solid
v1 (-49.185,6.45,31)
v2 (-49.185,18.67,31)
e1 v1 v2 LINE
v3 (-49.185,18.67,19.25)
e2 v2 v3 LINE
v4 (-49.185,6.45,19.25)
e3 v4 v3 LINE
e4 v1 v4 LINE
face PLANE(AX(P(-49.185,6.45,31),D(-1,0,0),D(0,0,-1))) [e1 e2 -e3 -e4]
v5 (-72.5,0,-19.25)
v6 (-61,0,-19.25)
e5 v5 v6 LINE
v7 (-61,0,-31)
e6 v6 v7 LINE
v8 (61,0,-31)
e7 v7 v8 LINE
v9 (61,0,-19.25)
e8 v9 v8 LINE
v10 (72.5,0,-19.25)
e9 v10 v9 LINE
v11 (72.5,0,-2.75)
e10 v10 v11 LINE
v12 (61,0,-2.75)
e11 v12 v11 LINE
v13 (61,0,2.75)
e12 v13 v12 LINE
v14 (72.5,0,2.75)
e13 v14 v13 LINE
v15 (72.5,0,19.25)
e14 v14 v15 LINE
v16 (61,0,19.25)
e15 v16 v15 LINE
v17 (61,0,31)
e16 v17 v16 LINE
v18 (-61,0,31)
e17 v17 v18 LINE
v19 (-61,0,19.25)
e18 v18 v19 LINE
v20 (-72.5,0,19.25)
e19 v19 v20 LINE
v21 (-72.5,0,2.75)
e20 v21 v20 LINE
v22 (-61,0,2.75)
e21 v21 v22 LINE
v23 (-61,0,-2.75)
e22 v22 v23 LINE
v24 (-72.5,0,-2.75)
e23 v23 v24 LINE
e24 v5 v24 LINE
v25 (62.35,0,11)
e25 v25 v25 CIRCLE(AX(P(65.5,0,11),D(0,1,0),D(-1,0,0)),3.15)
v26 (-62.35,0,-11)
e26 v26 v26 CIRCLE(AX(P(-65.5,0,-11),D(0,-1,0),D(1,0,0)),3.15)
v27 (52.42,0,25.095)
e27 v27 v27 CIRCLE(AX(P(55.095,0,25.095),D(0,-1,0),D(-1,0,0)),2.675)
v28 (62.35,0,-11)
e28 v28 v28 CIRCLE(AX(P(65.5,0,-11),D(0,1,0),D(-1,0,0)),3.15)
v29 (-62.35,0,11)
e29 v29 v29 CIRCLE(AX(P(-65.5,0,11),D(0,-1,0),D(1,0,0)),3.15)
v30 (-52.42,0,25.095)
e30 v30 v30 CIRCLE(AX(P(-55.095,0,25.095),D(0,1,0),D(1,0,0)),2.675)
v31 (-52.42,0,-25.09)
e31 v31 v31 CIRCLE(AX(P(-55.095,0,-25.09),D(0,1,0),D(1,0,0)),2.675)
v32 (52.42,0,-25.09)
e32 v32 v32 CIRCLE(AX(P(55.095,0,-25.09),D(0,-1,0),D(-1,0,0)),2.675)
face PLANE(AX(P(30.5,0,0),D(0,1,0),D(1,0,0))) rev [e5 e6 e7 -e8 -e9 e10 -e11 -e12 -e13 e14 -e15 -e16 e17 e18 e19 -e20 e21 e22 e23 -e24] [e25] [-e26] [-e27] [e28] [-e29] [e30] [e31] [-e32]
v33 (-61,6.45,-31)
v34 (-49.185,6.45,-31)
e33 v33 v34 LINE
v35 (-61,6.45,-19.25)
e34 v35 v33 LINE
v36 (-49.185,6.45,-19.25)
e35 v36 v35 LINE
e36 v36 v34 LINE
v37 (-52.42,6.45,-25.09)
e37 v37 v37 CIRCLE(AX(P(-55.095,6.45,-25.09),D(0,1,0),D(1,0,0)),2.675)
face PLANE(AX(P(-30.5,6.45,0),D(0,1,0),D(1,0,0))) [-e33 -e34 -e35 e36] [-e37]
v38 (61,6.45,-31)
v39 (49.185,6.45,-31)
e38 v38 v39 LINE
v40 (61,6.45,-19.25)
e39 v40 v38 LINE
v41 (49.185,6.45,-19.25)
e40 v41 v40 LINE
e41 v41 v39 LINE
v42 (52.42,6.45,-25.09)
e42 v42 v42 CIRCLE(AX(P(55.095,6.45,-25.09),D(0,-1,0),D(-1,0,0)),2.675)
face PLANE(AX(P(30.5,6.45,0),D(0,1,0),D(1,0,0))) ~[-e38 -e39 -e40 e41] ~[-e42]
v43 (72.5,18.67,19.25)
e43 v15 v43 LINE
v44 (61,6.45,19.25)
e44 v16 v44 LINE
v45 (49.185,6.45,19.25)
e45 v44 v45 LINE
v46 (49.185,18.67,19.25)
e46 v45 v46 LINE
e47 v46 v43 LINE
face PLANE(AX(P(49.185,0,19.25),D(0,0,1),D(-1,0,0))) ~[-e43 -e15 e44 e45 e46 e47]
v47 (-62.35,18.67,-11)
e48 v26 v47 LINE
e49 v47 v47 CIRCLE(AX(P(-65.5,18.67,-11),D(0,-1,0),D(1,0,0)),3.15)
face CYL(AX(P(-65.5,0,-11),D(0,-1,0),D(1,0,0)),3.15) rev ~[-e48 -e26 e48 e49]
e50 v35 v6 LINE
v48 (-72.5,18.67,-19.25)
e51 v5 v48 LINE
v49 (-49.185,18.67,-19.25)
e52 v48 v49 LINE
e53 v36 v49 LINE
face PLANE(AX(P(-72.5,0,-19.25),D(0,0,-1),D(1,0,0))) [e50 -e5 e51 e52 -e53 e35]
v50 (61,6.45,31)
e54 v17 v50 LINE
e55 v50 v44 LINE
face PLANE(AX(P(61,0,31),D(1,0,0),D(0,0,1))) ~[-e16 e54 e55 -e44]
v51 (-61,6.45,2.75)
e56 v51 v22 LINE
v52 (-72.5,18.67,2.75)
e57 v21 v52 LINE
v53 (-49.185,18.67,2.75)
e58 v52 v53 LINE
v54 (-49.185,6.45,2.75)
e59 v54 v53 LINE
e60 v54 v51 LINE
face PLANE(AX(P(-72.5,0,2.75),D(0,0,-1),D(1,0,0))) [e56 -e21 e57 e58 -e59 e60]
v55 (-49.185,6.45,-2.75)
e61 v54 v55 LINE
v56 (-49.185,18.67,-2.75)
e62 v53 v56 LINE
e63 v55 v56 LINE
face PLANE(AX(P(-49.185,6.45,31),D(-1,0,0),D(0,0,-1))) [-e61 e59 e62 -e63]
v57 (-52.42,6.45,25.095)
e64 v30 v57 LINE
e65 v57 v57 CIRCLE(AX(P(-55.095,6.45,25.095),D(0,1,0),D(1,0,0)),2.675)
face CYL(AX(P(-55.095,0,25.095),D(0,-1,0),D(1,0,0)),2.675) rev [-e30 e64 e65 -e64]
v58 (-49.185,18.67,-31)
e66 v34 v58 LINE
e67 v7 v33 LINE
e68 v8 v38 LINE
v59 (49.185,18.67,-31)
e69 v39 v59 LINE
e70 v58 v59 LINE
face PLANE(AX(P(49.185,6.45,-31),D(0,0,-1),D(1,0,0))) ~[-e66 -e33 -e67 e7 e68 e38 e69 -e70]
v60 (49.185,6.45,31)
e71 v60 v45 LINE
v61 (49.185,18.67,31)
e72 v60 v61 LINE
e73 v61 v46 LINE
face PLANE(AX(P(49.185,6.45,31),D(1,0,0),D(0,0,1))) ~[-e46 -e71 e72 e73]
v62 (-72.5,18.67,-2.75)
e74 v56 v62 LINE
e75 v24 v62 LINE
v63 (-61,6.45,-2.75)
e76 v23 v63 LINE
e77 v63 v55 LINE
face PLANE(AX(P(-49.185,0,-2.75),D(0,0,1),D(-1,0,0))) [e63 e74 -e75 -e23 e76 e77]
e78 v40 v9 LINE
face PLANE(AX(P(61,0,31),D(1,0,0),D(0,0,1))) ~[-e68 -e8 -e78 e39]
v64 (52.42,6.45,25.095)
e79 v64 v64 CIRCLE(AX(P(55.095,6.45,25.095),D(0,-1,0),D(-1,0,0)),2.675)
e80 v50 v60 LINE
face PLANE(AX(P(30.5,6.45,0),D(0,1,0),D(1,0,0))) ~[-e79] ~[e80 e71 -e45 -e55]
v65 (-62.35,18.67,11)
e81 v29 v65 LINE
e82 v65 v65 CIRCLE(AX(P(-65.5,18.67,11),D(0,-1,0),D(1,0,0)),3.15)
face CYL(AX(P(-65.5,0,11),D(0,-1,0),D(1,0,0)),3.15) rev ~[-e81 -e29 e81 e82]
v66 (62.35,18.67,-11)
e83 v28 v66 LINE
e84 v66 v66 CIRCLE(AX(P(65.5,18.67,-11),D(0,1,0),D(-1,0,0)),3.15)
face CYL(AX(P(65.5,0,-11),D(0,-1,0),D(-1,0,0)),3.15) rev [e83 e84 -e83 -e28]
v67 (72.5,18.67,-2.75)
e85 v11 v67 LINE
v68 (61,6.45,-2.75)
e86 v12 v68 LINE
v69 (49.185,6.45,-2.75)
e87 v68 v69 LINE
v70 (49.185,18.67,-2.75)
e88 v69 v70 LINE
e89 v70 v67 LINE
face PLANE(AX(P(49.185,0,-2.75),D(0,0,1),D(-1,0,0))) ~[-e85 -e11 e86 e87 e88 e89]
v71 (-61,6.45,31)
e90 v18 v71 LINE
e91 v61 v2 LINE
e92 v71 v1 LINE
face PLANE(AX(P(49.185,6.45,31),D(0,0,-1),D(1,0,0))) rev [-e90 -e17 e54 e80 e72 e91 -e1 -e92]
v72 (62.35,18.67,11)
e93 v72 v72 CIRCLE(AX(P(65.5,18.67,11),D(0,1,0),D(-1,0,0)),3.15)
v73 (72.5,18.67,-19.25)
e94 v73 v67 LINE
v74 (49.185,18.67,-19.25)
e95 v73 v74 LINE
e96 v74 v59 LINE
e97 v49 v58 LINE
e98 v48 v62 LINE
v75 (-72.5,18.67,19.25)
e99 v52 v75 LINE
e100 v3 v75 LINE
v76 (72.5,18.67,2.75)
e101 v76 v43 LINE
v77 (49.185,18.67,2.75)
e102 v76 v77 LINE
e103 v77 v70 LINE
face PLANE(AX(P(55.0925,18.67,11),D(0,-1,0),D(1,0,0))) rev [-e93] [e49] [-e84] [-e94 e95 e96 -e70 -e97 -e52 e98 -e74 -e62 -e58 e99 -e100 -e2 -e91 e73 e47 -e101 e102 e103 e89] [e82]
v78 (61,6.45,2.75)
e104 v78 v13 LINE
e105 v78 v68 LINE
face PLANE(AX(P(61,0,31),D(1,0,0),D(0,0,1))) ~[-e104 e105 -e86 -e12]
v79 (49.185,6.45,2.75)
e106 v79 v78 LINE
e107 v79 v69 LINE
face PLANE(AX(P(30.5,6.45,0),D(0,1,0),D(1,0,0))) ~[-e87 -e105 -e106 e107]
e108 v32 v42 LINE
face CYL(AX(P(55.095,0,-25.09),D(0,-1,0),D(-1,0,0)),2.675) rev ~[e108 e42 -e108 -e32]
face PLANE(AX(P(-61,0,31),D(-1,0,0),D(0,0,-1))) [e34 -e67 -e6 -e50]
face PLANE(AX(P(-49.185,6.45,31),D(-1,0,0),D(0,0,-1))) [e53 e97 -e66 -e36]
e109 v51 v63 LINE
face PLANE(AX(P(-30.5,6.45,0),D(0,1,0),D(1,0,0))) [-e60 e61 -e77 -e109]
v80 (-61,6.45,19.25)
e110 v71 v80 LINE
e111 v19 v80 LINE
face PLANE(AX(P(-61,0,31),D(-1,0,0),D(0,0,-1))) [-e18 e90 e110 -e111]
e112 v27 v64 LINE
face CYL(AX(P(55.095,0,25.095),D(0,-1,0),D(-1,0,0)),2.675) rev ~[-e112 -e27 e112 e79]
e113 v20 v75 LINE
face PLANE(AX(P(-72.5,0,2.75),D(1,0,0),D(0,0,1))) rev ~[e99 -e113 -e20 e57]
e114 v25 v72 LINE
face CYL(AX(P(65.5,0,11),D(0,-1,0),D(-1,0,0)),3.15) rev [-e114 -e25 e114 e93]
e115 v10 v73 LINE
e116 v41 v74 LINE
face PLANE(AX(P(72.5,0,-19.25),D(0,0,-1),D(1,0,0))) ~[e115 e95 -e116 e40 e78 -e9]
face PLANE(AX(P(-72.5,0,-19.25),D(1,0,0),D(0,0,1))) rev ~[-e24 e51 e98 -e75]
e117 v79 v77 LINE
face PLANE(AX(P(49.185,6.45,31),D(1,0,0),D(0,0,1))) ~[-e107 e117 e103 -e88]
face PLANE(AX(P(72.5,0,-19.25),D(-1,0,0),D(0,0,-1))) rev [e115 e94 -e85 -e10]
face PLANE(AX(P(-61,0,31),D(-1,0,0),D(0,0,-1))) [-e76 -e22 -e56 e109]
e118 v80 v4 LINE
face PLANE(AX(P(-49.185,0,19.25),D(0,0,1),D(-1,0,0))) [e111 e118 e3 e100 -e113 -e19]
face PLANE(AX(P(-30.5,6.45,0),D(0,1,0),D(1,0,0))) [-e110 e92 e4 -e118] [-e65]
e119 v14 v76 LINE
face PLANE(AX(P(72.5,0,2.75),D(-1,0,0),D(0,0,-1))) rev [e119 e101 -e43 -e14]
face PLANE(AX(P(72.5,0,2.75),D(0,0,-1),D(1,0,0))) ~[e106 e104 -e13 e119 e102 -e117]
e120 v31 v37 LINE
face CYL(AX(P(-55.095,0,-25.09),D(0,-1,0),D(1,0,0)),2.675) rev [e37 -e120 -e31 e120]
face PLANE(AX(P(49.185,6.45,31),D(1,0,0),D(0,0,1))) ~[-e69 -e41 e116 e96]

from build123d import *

# Parameters (mm, degrees)
SKETCH1_W           = 61
SKETCH1_H           = 62
SKETCH1_R           = 2.675
BASE_DEPTH          = 6.45
SKETCH2_W           = 49.185
SKETCH2_H           = 62
SEMICONDUCTOR_DEPTH = 12.22
SKETCH3_W           = 11.815
SKETCH3_H           = 16.5
SKETCH3_W_2         = 11.5
SKETCH3_R           = 3.15
TABS_DEPTH          = 18.67


with BuildPart() as part:
    # Sketch1 → Base (new body)
    with BuildSketch(Plane(origin=(0, 0, 0), x_dir=(1, 0, 0), z_dir=(0, 1, 0))):
        with Locations((-30.5, 0)):
            Rectangle(SKETCH1_W, SKETCH1_H)
        with Locations((-55.095, -25.095)):
            Circle(SKETCH1_R, mode=Mode.SUBTRACT)
        with Locations((-55.095, 25.09)):
            Circle(SKETCH1_R, mode=Mode.SUBTRACT)
    extrude(amount=BASE_DEPTH)

    # Sketch2 → Semiconductor (add)
    with BuildSketch(Plane(origin=(0, 6.45, 0), x_dir=(1, 0, 0), z_dir=(0, 1, 0))):
        with Locations((-24.5925, 0)):
            Rectangle(SKETCH2_W, SKETCH2_H)
    extrude(amount=SEMICONDUCTOR_DEPTH)

    # Sketch3 → Tabs (add)
    with BuildSketch(Plane.XZ):
        with Locations((-55.0925, 11)):
            Rectangle(SKETCH3_W, SKETCH3_H)
        with Locations((-55.0925, -11)):
            Rectangle(SKETCH3_W, SKETCH3_H)
        with Locations((-66.75, -11)):
            Rectangle(SKETCH3_W_2, SKETCH3_H)
        with Locations((-65.5, -11)):
            Circle(SKETCH3_R, mode=Mode.SUBTRACT)
        with Locations((-66.75, 11)):
            Rectangle(SKETCH3_W_2, SKETCH3_H)
        with Locations((-65.5, 11)):
            Circle(SKETCH3_R, mode=Mode.SUBTRACT)
    extrude(amount=-TABS_DEPTH)

    # Mirror 2: part across plane


with BuildPart() as part_1:
    add(part.part)
    add(part.part.mirror(Plane(origin=(0, 6.45, 0), x_dir=(0, 0, 1), z_dir=(1, 0, 0))))


solid = part_1.part
